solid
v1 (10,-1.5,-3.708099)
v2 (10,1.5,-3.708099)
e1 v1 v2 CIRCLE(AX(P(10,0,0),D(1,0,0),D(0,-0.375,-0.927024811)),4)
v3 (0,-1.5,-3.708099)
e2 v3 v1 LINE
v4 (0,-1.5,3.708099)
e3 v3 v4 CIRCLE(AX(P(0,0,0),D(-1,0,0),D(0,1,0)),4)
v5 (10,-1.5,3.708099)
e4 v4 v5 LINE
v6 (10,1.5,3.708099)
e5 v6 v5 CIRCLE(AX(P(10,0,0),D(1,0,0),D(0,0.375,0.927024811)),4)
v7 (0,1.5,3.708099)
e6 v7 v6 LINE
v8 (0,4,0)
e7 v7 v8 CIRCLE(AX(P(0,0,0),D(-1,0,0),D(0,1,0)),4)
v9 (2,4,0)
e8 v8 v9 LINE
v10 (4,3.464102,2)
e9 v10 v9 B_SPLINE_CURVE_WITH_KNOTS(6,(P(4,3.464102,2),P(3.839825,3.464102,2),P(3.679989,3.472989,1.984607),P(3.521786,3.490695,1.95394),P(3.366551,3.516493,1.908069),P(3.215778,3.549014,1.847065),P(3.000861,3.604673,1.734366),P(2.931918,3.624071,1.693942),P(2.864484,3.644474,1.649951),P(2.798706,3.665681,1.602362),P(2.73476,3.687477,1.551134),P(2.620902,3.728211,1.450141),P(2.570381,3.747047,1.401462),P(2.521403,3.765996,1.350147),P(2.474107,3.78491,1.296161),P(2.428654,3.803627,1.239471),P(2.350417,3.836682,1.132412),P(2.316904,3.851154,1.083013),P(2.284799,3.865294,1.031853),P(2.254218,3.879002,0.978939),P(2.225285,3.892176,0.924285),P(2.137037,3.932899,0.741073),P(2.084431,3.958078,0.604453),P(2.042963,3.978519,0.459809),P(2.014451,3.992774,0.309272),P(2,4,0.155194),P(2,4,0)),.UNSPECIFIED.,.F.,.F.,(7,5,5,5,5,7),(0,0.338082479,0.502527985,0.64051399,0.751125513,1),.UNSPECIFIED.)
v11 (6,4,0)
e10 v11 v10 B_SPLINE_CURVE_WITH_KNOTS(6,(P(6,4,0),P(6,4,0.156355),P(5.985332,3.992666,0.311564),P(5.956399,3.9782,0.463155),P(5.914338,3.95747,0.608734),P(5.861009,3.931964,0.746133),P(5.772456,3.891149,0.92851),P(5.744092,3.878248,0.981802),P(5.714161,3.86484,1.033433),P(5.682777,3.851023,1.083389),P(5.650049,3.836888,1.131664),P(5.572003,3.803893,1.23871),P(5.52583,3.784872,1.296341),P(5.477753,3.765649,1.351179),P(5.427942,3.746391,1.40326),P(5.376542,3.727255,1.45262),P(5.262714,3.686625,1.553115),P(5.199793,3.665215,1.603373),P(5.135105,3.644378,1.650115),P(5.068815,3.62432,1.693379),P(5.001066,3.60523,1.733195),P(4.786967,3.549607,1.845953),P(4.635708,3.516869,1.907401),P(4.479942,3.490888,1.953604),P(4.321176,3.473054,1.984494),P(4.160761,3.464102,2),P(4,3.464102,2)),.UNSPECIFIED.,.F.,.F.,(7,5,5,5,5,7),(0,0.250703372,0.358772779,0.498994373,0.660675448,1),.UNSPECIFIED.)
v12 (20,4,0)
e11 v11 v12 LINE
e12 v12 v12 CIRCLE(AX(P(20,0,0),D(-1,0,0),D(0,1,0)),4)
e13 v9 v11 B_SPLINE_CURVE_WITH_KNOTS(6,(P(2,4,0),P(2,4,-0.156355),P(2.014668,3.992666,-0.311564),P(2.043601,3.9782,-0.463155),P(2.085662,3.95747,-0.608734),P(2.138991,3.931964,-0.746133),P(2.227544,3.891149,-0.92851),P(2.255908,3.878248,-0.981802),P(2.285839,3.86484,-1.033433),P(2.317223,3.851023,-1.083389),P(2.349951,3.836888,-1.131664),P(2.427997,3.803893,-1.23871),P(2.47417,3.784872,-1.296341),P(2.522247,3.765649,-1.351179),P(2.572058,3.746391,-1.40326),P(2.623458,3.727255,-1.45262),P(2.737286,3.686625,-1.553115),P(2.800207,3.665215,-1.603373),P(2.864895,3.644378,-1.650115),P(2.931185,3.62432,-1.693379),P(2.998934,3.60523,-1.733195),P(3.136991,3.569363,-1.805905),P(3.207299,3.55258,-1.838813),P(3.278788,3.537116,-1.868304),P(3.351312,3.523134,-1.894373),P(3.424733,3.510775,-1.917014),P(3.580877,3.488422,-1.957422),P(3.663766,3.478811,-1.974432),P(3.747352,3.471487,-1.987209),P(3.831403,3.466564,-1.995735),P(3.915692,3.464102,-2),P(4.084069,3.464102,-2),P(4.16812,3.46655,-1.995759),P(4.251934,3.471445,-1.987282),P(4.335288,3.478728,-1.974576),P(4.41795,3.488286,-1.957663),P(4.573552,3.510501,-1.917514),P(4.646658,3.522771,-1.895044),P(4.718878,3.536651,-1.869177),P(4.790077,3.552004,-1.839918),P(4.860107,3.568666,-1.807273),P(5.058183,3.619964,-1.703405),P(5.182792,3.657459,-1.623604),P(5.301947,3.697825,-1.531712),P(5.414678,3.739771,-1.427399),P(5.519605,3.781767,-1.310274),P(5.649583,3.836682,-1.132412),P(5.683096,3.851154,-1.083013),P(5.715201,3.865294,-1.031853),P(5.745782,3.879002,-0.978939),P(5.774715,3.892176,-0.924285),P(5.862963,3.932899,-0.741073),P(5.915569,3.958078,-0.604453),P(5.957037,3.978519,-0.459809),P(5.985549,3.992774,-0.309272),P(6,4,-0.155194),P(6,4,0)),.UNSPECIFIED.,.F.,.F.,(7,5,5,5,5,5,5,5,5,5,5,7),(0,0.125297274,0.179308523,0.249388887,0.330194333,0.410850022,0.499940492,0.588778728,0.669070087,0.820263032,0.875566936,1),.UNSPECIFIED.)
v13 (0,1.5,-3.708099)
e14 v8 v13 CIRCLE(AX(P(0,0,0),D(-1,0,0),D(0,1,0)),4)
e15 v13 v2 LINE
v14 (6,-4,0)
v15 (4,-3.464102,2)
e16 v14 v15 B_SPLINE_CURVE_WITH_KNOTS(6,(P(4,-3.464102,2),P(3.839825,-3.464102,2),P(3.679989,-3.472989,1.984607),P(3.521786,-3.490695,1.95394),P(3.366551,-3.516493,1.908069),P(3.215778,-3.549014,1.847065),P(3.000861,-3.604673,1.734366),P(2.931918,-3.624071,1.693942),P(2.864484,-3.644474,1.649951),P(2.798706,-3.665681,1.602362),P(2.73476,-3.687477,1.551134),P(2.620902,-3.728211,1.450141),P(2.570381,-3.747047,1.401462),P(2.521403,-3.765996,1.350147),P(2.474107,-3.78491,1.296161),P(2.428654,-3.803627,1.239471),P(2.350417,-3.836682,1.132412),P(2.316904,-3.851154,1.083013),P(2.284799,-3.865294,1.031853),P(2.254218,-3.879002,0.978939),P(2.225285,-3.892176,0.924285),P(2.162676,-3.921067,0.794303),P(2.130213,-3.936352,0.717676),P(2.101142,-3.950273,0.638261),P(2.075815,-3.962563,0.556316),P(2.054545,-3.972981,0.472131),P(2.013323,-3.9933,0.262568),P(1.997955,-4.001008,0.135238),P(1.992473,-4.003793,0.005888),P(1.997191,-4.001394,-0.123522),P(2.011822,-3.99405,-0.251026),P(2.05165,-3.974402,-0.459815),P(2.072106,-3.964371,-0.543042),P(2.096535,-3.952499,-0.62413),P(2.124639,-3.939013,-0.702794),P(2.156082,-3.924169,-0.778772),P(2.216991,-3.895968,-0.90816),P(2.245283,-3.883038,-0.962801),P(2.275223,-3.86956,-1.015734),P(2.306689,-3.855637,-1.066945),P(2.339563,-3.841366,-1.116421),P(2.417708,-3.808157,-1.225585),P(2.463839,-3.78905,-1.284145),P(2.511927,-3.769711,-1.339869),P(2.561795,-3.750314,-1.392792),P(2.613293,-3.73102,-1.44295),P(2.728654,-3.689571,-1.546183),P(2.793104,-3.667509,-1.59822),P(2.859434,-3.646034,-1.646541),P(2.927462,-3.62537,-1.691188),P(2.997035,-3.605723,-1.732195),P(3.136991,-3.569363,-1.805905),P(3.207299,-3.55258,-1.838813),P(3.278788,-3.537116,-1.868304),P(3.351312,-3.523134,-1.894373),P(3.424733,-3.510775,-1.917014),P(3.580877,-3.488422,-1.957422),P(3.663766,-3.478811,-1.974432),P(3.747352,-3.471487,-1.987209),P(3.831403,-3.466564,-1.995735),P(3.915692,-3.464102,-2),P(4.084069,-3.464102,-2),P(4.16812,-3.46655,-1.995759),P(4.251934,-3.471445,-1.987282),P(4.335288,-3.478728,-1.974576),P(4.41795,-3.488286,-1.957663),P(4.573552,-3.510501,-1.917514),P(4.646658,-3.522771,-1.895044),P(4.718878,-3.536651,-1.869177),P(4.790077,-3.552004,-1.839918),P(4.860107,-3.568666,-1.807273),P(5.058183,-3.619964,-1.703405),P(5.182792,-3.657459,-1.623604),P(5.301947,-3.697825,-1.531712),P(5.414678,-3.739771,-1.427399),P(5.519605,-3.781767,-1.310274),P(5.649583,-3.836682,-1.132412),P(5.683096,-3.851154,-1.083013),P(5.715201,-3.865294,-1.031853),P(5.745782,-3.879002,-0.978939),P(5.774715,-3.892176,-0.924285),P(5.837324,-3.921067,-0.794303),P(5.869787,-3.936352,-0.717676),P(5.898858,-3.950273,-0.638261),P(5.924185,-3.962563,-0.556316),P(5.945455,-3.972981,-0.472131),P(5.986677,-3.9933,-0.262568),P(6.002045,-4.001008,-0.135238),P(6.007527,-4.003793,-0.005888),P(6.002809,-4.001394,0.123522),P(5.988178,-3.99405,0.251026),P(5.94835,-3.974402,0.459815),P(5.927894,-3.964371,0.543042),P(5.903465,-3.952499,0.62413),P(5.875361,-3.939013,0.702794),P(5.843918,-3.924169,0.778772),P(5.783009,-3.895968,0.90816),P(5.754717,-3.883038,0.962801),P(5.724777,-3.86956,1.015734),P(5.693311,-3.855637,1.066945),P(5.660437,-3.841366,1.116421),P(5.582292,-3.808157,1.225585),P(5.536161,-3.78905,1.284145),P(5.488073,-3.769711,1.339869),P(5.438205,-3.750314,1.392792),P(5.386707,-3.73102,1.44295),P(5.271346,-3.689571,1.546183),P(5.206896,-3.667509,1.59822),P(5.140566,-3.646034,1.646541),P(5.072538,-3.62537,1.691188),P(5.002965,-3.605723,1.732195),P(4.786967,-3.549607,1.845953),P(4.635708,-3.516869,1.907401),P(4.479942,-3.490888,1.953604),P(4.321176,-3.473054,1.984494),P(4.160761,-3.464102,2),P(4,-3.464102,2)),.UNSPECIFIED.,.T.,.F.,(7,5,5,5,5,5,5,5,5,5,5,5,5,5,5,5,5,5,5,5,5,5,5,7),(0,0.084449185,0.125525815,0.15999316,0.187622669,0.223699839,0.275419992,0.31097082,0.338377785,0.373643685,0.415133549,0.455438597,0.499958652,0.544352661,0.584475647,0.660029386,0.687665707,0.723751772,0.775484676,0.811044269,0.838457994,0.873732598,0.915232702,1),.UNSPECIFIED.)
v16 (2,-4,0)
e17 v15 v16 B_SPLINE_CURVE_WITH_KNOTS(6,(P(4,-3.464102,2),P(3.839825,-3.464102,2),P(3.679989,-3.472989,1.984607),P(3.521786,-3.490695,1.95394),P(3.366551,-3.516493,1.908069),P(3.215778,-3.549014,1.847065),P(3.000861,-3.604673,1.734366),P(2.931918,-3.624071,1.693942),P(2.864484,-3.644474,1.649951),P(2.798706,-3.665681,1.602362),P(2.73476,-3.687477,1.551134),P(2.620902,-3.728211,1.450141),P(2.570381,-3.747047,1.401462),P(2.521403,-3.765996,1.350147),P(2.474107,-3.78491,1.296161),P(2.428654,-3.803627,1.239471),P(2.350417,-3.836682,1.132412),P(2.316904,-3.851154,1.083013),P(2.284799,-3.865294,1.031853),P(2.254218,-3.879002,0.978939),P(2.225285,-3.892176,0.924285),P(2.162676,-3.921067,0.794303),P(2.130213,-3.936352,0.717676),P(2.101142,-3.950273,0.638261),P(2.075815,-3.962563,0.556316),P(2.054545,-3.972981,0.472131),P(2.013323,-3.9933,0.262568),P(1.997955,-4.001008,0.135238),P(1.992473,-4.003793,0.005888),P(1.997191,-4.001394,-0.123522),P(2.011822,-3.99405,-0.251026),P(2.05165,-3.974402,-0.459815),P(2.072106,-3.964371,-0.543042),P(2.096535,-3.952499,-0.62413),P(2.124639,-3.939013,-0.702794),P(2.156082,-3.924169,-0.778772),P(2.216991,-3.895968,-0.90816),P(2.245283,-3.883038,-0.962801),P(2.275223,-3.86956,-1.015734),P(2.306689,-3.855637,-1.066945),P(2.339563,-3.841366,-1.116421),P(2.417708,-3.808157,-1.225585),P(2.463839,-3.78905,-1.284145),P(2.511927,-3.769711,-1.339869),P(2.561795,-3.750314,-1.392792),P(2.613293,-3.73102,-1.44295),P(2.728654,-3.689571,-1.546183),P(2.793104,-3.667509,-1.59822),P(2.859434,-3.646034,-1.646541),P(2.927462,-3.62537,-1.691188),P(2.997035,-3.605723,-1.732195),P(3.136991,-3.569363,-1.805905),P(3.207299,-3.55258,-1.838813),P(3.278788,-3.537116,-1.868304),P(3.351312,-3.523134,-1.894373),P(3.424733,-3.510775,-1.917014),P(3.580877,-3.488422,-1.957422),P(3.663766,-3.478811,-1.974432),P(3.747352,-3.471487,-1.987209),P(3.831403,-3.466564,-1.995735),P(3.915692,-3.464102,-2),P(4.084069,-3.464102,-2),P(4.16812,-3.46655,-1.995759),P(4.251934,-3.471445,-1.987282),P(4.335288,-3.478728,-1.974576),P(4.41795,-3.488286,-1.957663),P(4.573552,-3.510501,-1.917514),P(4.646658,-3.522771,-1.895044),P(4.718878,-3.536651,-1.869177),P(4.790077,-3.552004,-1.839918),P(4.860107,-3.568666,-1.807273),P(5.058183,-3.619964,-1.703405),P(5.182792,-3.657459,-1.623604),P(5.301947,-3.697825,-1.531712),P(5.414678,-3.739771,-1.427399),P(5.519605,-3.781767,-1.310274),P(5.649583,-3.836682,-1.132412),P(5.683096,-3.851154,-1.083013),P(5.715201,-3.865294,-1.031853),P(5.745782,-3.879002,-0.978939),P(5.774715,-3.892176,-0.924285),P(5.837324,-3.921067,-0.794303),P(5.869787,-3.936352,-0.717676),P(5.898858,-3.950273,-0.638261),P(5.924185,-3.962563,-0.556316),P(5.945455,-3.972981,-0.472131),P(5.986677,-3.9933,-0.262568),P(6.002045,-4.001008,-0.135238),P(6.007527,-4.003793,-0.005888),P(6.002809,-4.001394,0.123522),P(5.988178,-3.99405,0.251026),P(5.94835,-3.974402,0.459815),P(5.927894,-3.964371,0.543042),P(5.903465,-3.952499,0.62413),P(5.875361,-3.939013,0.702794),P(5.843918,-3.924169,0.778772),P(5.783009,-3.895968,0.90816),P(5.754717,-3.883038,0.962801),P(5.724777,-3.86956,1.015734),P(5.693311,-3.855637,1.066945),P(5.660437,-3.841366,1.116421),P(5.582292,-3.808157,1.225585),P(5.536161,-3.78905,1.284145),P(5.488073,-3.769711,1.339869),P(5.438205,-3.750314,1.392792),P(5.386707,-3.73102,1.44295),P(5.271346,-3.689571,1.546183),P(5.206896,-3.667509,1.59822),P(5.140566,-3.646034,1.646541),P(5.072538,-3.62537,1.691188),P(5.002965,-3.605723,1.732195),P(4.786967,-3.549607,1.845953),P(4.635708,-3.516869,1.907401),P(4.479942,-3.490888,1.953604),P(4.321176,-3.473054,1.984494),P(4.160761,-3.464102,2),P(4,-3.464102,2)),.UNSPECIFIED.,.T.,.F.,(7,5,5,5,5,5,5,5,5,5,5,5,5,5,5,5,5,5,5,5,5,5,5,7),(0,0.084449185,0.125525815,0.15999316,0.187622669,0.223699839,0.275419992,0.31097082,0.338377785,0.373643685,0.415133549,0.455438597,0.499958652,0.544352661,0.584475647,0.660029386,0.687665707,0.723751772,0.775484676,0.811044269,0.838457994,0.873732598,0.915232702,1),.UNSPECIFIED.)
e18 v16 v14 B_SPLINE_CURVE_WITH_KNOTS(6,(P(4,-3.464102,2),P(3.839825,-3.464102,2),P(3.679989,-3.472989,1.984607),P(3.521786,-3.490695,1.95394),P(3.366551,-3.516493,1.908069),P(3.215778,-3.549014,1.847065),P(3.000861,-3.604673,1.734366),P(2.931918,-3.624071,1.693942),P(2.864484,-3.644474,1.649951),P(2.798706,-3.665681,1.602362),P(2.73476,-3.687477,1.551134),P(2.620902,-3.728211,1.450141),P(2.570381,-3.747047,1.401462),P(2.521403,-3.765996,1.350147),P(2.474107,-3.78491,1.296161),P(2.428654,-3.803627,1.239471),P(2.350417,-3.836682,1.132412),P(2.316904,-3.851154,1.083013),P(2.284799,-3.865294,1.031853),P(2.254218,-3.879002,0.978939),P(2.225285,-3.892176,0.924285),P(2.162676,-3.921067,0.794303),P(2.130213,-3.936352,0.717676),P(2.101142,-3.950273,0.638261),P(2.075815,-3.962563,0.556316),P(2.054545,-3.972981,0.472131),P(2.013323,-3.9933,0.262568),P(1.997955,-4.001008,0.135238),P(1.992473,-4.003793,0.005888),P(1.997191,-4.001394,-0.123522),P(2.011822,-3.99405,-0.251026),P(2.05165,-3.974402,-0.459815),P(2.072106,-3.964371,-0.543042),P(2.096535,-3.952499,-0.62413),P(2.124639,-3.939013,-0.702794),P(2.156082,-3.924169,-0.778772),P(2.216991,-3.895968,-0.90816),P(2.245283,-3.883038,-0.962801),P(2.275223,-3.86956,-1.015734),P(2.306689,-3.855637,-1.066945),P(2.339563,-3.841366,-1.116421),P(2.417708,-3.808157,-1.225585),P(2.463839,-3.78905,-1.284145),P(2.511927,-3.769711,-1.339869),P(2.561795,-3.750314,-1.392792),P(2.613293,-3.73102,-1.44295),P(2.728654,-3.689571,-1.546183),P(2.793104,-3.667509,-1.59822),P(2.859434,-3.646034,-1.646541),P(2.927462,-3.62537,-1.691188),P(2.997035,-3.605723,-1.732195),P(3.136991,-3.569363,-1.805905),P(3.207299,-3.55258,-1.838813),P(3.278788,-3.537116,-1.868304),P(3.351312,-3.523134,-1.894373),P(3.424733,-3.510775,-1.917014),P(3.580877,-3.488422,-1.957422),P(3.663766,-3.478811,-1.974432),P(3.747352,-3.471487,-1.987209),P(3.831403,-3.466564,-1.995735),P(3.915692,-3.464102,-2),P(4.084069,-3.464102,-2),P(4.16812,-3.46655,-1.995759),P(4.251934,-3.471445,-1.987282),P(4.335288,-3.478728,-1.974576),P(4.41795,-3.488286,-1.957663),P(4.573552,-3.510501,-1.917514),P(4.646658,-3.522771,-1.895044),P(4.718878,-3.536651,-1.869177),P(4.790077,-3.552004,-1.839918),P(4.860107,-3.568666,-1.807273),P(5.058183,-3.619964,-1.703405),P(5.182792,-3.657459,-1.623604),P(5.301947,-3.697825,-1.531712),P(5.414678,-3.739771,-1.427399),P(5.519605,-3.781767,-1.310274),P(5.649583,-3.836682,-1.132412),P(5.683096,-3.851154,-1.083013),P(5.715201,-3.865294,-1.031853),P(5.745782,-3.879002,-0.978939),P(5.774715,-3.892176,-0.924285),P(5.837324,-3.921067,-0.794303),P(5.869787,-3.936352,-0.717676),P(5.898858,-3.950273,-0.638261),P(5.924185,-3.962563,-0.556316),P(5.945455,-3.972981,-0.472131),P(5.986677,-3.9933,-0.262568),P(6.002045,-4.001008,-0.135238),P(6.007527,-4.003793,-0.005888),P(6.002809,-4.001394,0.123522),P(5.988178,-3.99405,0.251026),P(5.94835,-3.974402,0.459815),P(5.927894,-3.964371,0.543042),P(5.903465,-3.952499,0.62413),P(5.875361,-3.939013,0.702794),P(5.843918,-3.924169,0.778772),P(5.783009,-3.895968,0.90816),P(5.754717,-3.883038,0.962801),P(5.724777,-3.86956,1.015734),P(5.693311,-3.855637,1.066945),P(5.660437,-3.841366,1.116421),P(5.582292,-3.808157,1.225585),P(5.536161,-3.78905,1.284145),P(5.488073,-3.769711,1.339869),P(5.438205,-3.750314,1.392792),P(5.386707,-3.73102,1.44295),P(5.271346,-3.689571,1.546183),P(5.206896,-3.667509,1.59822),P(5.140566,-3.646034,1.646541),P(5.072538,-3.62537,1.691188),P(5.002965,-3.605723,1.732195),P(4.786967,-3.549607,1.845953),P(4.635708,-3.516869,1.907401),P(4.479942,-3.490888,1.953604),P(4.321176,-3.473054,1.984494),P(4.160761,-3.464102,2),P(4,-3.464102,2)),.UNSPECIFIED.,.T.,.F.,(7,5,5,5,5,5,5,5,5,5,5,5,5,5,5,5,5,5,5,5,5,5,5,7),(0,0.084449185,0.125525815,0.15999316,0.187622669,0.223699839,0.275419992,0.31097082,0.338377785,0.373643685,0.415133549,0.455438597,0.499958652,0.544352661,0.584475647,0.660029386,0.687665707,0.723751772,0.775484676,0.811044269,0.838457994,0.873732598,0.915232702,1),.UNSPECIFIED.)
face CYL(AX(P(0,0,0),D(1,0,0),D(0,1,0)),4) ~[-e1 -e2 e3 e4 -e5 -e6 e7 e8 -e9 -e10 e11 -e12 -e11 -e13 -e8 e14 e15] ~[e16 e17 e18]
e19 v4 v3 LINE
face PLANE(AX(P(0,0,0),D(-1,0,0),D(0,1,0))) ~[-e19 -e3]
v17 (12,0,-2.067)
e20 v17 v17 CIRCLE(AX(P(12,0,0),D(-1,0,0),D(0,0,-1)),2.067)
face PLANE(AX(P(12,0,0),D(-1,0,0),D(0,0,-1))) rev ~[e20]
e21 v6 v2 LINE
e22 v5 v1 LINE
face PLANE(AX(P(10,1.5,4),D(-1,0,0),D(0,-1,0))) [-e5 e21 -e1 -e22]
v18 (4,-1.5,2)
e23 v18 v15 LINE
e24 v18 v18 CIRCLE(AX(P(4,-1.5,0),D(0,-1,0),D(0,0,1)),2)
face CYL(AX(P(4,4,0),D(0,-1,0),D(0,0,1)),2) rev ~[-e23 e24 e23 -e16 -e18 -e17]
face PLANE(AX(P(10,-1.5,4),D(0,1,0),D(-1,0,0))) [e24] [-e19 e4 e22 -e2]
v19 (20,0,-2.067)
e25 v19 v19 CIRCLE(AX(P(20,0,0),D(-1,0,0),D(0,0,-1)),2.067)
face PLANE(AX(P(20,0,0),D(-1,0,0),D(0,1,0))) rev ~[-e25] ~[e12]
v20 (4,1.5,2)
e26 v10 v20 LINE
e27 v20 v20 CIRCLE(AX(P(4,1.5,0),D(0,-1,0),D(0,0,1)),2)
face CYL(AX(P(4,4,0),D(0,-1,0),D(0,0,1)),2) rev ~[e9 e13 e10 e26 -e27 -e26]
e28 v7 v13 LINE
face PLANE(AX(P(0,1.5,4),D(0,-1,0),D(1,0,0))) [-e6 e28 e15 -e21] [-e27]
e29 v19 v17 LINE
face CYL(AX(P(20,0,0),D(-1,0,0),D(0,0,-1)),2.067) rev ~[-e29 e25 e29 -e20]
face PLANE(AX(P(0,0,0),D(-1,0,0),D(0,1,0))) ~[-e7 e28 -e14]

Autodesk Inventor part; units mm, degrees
ref_plane "YZ Plane" through (0, 0, 0) normal (1, 0, 0) x (0, 1, 0)
sketch "Sketch1" plane through (0, 0, 0) normal (0, 0, 1) x (1, 0, 0)
  line L0 (0, 0) -> (0, 4)
  line L1 (0, 4) -> (20, 4)
  line L2 (20, 4) -> (20, 0)
  line L3 (20, 0) -> (0, 0)
  dimension "d0" = 8
  dimension "d1" = 20
revolve "Revolution1" add sketch "Sketch1" angle 360 about axis through (20, 0, 0) along (-1, 0, 0)
ref_plane "Work Plane1" through (0, 0, 4) normal (0, 0, 1) x (1, 0, 0)
ref_plane "Work Plane3" through (0, 4, 0) normal (0, 1, 0) x (-1, 0, 0)
sketch "Sketch2" plane through (0, 0, 4) normal (0, 0, 1) x (1, 0, 0)
  line L0 (0, 4) -> (0, -4) projected
  line L1 (20, 4) -> (20, -4) projected
  line L2 (20, 4) -> (0, 4) projected
  line L3 (20, -4) -> (0, -4) projected
  line L4 (0, 1.5) -> (10, 1.5)
  line L5 (10, 1.5) -> (10, -1.5)
  line L6 (10, -1.5) -> (0, -1.5)
  line L7 (0, -1.5) -> (0, 1.5)
  point P0 (0, 0)
  point P1 (10, 0)
  point P2 (0, 0)
  point P3 (0, -1.5)
  dimension "d4" = 10
  dimension "d5" = 3
extrude "Extrusion1" cut sketch "Sketch2" against normal blind 8 contours L4 L5 L6 L0
sketch "Sketch4" plane through (0, 4, 0) normal (0, 1, 0) x (-1, 0, 0)
  line L0 (0, -3.7081) -> (0, 3.7081) projected
  line L1 (-20, -4) -> (-20, 4) projected
  point P0 (0, 0)
  point P1 (-4, 0)
  point P2 (0, 0)
  dimension "d18" = 16
hole "Hole2" at (4, 4, 0) direction (0, -1, 0) diameter 4 depth 8
sketch "Sketch5" plane through (20, 0, 0) normal (1, 0, 0) x (0, 0, -1)
  circle A0 centre (0, 0) radius 4 projected
hole "Hole3" at (20, 0, 0) direction (-1, 0, 0) diameter 4.134 depth 8 thread size "M5x0.8" class "6H" standard "ISO Metric profile"
properties part number "17"
